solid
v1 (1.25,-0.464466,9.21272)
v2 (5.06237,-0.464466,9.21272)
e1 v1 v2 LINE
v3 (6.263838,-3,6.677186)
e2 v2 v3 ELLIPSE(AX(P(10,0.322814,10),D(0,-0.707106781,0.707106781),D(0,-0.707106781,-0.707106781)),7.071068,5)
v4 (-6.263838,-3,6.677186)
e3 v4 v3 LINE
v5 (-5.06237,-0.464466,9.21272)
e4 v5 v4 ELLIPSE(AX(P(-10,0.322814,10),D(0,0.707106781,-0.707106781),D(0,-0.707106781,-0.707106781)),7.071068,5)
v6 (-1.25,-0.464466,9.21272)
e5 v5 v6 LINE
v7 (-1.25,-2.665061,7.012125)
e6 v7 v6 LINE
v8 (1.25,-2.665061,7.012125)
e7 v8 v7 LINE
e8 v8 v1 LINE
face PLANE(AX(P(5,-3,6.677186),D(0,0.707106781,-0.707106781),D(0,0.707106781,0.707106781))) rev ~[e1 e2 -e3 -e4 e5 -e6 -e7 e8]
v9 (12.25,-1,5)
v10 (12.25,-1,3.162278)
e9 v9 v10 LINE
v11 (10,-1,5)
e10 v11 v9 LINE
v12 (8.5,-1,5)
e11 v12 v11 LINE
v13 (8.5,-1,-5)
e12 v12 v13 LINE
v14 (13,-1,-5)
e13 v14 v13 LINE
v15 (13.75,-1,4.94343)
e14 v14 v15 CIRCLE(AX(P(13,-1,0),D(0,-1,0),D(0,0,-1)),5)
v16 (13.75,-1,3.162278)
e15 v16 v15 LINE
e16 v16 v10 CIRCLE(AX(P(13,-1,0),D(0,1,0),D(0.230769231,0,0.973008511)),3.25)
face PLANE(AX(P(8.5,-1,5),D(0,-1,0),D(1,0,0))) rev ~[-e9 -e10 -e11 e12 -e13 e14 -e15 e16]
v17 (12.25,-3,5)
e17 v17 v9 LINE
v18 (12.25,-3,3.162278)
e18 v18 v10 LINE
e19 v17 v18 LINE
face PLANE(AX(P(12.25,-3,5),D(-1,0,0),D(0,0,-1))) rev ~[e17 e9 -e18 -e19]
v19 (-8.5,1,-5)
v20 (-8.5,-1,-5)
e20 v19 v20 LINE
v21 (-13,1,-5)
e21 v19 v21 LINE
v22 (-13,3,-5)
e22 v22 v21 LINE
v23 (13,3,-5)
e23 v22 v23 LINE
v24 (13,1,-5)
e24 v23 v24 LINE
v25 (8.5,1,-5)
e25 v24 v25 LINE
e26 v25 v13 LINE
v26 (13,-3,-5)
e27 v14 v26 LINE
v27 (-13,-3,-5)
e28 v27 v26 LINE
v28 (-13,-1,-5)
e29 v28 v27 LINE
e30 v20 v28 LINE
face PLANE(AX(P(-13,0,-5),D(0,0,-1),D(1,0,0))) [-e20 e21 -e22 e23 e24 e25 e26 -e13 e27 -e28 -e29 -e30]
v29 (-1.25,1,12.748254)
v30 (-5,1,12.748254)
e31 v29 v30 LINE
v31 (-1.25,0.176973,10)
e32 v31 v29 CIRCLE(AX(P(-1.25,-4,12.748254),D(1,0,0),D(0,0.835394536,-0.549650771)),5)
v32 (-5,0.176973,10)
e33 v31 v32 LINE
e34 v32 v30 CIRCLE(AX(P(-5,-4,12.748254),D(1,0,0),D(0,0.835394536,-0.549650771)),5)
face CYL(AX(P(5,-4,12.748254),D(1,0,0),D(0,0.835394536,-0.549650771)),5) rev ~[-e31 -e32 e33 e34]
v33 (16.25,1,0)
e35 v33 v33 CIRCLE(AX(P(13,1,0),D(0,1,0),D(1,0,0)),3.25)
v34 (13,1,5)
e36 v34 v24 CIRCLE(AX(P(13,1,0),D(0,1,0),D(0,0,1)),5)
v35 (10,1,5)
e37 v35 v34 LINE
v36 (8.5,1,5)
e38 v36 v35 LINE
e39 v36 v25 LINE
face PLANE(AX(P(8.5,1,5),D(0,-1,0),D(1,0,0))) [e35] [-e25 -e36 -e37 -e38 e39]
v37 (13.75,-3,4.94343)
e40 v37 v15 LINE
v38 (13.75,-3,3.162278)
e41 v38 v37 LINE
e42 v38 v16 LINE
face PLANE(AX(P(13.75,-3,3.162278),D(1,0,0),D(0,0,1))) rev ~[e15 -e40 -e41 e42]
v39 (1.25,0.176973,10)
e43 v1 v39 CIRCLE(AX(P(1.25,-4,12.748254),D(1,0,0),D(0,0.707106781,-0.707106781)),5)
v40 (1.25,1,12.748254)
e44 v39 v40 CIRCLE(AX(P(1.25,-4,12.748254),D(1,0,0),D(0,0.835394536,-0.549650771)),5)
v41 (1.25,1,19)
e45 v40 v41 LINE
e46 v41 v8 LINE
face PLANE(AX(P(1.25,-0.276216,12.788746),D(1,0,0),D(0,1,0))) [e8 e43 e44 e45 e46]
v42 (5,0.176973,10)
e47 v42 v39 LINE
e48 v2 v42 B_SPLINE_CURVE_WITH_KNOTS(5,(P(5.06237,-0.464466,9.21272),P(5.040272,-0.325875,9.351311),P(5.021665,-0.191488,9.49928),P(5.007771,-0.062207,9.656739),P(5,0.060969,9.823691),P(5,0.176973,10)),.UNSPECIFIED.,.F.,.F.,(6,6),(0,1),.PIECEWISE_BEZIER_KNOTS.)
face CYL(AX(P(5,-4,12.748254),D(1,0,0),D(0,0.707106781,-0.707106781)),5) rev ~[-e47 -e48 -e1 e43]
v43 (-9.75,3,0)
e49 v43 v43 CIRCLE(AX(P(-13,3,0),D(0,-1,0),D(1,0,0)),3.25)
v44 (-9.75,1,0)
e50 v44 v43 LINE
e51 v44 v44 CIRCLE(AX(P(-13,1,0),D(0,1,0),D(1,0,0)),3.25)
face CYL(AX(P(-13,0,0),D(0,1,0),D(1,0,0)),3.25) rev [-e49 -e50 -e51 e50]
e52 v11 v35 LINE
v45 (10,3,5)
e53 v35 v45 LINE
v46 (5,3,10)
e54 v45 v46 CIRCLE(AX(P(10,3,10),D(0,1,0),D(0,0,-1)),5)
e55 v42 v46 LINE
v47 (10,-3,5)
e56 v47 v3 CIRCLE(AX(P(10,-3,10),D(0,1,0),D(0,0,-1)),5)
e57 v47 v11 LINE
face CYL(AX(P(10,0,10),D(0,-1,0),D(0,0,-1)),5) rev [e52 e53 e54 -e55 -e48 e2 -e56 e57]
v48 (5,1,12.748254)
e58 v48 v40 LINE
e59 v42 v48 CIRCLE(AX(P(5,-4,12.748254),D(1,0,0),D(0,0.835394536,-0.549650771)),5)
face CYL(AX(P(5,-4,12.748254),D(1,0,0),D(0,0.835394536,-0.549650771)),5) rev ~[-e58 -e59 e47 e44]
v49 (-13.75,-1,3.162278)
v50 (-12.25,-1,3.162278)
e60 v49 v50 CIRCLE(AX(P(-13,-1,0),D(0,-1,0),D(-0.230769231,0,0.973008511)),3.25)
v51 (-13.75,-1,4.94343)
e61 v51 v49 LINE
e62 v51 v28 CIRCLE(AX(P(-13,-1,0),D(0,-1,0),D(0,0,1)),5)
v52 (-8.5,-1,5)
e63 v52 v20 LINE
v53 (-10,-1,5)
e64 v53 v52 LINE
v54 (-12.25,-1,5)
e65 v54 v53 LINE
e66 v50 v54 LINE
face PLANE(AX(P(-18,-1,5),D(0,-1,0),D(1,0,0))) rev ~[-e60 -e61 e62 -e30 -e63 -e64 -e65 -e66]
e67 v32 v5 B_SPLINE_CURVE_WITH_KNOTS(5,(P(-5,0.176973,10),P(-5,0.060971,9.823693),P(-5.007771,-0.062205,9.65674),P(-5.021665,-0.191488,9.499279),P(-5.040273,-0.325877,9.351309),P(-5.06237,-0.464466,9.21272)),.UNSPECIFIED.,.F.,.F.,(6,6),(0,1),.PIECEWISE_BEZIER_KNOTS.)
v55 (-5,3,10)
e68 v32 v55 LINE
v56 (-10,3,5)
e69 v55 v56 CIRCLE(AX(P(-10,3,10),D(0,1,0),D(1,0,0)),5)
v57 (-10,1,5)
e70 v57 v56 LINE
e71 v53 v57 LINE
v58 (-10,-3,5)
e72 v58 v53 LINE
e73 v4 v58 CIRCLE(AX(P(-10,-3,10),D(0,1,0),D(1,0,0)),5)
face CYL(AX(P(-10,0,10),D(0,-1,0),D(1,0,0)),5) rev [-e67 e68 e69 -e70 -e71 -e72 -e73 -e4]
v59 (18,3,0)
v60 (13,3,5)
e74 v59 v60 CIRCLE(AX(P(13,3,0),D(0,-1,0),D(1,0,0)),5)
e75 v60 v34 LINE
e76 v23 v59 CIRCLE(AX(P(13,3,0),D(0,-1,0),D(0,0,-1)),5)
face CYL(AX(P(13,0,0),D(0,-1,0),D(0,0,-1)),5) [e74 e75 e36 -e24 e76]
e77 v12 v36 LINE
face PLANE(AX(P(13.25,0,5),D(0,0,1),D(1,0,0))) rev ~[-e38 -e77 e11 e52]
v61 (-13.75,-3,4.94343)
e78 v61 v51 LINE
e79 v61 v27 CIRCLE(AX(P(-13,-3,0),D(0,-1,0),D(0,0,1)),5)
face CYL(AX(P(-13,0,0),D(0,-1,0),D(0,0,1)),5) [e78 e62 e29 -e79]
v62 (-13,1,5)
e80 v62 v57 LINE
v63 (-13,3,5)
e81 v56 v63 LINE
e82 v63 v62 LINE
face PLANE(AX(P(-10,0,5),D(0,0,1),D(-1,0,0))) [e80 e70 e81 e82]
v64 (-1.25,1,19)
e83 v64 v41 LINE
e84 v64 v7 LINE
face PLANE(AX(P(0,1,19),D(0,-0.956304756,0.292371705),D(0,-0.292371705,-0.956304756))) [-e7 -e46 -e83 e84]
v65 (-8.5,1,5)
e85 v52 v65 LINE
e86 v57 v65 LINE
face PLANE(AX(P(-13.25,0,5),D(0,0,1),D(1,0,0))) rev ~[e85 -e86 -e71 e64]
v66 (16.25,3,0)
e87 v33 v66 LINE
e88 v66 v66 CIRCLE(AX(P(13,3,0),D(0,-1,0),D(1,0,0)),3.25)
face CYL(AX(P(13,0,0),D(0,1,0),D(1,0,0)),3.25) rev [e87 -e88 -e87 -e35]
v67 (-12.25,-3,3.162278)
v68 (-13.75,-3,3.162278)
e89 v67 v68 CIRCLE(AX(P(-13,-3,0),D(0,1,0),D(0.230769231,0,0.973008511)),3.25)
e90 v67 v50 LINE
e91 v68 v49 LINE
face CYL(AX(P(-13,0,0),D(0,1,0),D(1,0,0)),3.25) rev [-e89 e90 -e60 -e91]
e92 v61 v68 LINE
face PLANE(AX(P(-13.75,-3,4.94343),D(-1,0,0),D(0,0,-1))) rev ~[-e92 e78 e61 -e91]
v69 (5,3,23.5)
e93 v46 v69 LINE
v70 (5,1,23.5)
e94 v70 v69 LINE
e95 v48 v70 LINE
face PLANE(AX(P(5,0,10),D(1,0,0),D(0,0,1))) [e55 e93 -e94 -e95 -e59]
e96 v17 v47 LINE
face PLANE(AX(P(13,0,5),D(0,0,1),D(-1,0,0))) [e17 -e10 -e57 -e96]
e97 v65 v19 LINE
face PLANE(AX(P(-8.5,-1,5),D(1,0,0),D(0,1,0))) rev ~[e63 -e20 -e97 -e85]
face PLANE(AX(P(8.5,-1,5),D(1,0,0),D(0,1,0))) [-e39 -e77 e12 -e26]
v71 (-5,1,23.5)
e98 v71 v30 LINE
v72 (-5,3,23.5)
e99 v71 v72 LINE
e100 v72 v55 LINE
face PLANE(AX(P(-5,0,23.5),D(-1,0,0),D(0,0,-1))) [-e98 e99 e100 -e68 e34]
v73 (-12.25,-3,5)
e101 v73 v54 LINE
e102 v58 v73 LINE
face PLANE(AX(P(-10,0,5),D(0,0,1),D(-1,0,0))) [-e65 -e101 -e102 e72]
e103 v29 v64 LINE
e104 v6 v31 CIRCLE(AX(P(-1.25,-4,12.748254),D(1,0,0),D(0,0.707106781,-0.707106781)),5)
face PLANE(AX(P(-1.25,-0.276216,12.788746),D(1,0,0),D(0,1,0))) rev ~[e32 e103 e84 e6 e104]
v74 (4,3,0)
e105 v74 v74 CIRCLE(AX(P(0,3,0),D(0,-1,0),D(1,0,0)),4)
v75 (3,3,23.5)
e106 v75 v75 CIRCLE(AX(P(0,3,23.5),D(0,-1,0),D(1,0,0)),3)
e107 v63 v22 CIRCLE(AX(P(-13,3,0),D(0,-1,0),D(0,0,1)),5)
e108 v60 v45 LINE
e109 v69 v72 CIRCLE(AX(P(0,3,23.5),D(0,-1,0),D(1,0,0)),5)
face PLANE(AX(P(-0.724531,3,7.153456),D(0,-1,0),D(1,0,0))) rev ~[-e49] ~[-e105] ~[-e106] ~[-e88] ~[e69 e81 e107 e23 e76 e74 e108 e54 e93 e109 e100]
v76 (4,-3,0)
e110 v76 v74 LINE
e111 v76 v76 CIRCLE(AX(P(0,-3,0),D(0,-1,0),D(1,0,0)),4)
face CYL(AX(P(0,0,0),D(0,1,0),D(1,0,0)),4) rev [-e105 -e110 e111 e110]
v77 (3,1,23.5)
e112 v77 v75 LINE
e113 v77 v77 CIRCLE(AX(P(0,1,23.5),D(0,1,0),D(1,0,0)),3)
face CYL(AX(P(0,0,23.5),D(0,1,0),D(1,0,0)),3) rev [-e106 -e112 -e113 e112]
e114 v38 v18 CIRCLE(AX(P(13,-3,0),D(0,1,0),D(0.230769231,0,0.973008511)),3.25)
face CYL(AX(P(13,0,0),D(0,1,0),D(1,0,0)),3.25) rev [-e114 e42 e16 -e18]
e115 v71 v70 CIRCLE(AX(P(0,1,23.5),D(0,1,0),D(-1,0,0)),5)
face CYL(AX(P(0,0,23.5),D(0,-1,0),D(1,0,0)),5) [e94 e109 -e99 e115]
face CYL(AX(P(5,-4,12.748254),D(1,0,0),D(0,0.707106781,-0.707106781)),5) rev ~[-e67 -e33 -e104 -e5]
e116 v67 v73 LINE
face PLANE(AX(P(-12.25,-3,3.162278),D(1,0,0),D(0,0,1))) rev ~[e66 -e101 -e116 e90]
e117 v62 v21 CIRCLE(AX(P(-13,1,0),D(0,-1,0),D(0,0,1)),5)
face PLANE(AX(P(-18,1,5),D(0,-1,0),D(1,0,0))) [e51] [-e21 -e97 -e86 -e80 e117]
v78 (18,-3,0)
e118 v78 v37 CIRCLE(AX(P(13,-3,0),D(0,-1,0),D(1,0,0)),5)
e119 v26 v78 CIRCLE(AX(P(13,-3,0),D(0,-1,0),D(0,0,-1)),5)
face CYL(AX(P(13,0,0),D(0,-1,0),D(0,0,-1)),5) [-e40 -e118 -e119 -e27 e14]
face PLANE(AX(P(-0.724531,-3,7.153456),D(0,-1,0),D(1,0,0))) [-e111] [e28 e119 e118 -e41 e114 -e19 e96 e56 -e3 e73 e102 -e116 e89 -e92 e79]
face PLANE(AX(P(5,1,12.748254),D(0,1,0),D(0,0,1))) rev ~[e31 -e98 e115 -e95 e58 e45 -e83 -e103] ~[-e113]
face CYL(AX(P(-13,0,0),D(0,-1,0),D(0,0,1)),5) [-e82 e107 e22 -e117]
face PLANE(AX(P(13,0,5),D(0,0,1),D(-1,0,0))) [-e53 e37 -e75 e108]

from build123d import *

# Parameters (mm, degrees)
F0_R      = 3.25
F0_R_2    = 4
F0_R_3    = 3
F1_DEPTH  = 3
F2_W      = 9.5
F2_H      = 2
F3_DEPTH  = 10.001
F5_DEPTH  = 2
F6_W      = 4
F6_H      = 5
F7_DEPTH  = 25
F8_DEPTH  = 25
F11_DEPTH = 1.25


with BuildPart() as f1:
    # F0 (on Front) → F1 (new body, symmetric)
    with BuildSketch(Plane.XZ):
        with BuildLine():
            Line((-10, 5), (-13, 5))
            ThreePointArc((-13, 5), (-18, 0), (-13, -5))
            Line((-13, -5), (13, -5))
            ThreePointArc((13, -5), (8, 0), (13, 5))
            Line((13, 5), (10, 5))
            ThreePointArc((10, 5), (6.4644660941, 6.4644660941), (5, 10))
            Line((5, 10), (5, 23.5))
            ThreePointArc((5, 23.5), (0, 28.5), (-5, 23.5))
            Line((-5, 23.5), (-5, 10))
            ThreePointArc((-5, 10), (-6.4644660941, 6.4644660941), (-10, 5))
        make_face()
        with Locations((-13, 0)):
            Circle(F0_R, mode=Mode.SUBTRACT)
        Circle(F0_R_2, mode=Mode.SUBTRACT)
        with Locations((0, 23.5)):
            Circle(F0_R_3, mode=Mode.SUBTRACT)
        with BuildLine():
            ThreePointArc((13, 5), (8, 0), (13, -5))
            ThreePointArc((13, -5), (16.5355339059, -3.5355339059), (18, 0))
            ThreePointArc((18, 0), (16.5355339059, 3.5355339059), (13, 5))
        make_face()
        with Locations((13, 0)):
            Circle(F0_R, mode=Mode.SUBTRACT)
    extrude(amount=F1_DEPTH, both=True)

    # F2 (on face) → F3 (cut, through all)
    with BuildSketch(Plane.XY.offset(5)):
        with Locations((13.25, 0)):
            Rectangle(F2_W, F2_H)
        with Locations((-13.25, 0)):
            Rectangle(F2_W, F2_H)
    extrude(amount=-F3_DEPTH, mode=Mode.SUBTRACT)

    # F4 (on face) → F5 (cut)
    with BuildSketch(Plane.XZ.offset(3)):
        with BuildLine():
            Line((-13.75, 4.9434299833), (-13.75, 3.1622776602))
            ThreePointArc((-13.75, 3.1622776602), (-13, 3.25), (-12.25, 3.1622776602))
            Line((-12.25, 3.1622776602), (-12.25, 5))
            Line((-12.25, 5), (-13, 5))
            ThreePointArc((-13, 5), (-13.3760652094, 4.985837438), (-13.75, 4.9434299833))
        make_face()
        with BuildLine():
            Line((12.25, 5), (12.25, 3.1622776602))
            ThreePointArc((12.25, 3.1622776602), (13, 3.25), (13.75, 3.1622776602))
            Line((13.75, 3.1622776602), (13.75, 4.9434299833))
            ThreePointArc((13.75, 4.9434299833), (13.3760652094, 4.985837438), (13, 5))
            Line((13, 5), (12.25, 5))
        make_face()
    extrude(amount=-F5_DEPTH, mode=Mode.SUBTRACT)

    # F6 (on face) → F7 (cut)
    with BuildSketch(Plane.YZ.offset(5)):
        with BuildLine():
            Line((0.1769726777, 10), (-3, 10))
            Line((-3, 10), (-3, 6.6771860428))
            Line((-3, 6.6771860428), (-0.4644660941, 9.2127199488))
            ThreePointArc((-0.4644660941, 9.2127199488), (-0.1237077096, 9.5900331405), (0.1769726777, 10))
        make_face()
        with BuildLine():
            Line((1, 23.5), (-3, 23.5))
            Line((-3, 23.5), (-3, 10))
            Line((-3, 10), (0.1769726777, 10))
            ThreePointArc((0.1769726777, 10), (0.7898258522, 11.3138312162), (1, 12.7482538547))
            Line((1, 12.7482538547), (1, 23.5))
        make_face()
        with Locations((-1, 26)):
            Rectangle(F6_W, F6_H)
    extrude(amount=-F7_DEPTH, mode=Mode.SUBTRACT)

    # F8 (cut): a face of the model
    f8_faces = [f1.faces().sort_by_distance(p)[0] for p in [
        (5, -1.9067294232, 8.8858021834),
    ]]
    extrude(f8_faces, amount=-F8_DEPTH, mode=Mode.SUBTRACT)

    # F10 (on offset) → F11 (join, symmetric)
    with BuildSketch(Plane.YZ):
        with BuildLine():
            ThreePointArc((0.1769726777, 10), (0.7898258522, 11.3138312162), (1, 12.7482538547))
            Line((1, 12.7482538547), (1, 19))
            Line((1, 19), (-2.6650612591, 7.0121247837))
            Line((-2.6650612591, 7.0121247837), (-0.4644660941, 9.2127199488))
            ThreePointArc((-0.4644660941, 9.2127199488), (-0.1237077096, 9.5900331405), (0.1769726777, 10))
        make_face()
    extrude(amount=F11_DEPTH, both=True)


solid = f1.part
